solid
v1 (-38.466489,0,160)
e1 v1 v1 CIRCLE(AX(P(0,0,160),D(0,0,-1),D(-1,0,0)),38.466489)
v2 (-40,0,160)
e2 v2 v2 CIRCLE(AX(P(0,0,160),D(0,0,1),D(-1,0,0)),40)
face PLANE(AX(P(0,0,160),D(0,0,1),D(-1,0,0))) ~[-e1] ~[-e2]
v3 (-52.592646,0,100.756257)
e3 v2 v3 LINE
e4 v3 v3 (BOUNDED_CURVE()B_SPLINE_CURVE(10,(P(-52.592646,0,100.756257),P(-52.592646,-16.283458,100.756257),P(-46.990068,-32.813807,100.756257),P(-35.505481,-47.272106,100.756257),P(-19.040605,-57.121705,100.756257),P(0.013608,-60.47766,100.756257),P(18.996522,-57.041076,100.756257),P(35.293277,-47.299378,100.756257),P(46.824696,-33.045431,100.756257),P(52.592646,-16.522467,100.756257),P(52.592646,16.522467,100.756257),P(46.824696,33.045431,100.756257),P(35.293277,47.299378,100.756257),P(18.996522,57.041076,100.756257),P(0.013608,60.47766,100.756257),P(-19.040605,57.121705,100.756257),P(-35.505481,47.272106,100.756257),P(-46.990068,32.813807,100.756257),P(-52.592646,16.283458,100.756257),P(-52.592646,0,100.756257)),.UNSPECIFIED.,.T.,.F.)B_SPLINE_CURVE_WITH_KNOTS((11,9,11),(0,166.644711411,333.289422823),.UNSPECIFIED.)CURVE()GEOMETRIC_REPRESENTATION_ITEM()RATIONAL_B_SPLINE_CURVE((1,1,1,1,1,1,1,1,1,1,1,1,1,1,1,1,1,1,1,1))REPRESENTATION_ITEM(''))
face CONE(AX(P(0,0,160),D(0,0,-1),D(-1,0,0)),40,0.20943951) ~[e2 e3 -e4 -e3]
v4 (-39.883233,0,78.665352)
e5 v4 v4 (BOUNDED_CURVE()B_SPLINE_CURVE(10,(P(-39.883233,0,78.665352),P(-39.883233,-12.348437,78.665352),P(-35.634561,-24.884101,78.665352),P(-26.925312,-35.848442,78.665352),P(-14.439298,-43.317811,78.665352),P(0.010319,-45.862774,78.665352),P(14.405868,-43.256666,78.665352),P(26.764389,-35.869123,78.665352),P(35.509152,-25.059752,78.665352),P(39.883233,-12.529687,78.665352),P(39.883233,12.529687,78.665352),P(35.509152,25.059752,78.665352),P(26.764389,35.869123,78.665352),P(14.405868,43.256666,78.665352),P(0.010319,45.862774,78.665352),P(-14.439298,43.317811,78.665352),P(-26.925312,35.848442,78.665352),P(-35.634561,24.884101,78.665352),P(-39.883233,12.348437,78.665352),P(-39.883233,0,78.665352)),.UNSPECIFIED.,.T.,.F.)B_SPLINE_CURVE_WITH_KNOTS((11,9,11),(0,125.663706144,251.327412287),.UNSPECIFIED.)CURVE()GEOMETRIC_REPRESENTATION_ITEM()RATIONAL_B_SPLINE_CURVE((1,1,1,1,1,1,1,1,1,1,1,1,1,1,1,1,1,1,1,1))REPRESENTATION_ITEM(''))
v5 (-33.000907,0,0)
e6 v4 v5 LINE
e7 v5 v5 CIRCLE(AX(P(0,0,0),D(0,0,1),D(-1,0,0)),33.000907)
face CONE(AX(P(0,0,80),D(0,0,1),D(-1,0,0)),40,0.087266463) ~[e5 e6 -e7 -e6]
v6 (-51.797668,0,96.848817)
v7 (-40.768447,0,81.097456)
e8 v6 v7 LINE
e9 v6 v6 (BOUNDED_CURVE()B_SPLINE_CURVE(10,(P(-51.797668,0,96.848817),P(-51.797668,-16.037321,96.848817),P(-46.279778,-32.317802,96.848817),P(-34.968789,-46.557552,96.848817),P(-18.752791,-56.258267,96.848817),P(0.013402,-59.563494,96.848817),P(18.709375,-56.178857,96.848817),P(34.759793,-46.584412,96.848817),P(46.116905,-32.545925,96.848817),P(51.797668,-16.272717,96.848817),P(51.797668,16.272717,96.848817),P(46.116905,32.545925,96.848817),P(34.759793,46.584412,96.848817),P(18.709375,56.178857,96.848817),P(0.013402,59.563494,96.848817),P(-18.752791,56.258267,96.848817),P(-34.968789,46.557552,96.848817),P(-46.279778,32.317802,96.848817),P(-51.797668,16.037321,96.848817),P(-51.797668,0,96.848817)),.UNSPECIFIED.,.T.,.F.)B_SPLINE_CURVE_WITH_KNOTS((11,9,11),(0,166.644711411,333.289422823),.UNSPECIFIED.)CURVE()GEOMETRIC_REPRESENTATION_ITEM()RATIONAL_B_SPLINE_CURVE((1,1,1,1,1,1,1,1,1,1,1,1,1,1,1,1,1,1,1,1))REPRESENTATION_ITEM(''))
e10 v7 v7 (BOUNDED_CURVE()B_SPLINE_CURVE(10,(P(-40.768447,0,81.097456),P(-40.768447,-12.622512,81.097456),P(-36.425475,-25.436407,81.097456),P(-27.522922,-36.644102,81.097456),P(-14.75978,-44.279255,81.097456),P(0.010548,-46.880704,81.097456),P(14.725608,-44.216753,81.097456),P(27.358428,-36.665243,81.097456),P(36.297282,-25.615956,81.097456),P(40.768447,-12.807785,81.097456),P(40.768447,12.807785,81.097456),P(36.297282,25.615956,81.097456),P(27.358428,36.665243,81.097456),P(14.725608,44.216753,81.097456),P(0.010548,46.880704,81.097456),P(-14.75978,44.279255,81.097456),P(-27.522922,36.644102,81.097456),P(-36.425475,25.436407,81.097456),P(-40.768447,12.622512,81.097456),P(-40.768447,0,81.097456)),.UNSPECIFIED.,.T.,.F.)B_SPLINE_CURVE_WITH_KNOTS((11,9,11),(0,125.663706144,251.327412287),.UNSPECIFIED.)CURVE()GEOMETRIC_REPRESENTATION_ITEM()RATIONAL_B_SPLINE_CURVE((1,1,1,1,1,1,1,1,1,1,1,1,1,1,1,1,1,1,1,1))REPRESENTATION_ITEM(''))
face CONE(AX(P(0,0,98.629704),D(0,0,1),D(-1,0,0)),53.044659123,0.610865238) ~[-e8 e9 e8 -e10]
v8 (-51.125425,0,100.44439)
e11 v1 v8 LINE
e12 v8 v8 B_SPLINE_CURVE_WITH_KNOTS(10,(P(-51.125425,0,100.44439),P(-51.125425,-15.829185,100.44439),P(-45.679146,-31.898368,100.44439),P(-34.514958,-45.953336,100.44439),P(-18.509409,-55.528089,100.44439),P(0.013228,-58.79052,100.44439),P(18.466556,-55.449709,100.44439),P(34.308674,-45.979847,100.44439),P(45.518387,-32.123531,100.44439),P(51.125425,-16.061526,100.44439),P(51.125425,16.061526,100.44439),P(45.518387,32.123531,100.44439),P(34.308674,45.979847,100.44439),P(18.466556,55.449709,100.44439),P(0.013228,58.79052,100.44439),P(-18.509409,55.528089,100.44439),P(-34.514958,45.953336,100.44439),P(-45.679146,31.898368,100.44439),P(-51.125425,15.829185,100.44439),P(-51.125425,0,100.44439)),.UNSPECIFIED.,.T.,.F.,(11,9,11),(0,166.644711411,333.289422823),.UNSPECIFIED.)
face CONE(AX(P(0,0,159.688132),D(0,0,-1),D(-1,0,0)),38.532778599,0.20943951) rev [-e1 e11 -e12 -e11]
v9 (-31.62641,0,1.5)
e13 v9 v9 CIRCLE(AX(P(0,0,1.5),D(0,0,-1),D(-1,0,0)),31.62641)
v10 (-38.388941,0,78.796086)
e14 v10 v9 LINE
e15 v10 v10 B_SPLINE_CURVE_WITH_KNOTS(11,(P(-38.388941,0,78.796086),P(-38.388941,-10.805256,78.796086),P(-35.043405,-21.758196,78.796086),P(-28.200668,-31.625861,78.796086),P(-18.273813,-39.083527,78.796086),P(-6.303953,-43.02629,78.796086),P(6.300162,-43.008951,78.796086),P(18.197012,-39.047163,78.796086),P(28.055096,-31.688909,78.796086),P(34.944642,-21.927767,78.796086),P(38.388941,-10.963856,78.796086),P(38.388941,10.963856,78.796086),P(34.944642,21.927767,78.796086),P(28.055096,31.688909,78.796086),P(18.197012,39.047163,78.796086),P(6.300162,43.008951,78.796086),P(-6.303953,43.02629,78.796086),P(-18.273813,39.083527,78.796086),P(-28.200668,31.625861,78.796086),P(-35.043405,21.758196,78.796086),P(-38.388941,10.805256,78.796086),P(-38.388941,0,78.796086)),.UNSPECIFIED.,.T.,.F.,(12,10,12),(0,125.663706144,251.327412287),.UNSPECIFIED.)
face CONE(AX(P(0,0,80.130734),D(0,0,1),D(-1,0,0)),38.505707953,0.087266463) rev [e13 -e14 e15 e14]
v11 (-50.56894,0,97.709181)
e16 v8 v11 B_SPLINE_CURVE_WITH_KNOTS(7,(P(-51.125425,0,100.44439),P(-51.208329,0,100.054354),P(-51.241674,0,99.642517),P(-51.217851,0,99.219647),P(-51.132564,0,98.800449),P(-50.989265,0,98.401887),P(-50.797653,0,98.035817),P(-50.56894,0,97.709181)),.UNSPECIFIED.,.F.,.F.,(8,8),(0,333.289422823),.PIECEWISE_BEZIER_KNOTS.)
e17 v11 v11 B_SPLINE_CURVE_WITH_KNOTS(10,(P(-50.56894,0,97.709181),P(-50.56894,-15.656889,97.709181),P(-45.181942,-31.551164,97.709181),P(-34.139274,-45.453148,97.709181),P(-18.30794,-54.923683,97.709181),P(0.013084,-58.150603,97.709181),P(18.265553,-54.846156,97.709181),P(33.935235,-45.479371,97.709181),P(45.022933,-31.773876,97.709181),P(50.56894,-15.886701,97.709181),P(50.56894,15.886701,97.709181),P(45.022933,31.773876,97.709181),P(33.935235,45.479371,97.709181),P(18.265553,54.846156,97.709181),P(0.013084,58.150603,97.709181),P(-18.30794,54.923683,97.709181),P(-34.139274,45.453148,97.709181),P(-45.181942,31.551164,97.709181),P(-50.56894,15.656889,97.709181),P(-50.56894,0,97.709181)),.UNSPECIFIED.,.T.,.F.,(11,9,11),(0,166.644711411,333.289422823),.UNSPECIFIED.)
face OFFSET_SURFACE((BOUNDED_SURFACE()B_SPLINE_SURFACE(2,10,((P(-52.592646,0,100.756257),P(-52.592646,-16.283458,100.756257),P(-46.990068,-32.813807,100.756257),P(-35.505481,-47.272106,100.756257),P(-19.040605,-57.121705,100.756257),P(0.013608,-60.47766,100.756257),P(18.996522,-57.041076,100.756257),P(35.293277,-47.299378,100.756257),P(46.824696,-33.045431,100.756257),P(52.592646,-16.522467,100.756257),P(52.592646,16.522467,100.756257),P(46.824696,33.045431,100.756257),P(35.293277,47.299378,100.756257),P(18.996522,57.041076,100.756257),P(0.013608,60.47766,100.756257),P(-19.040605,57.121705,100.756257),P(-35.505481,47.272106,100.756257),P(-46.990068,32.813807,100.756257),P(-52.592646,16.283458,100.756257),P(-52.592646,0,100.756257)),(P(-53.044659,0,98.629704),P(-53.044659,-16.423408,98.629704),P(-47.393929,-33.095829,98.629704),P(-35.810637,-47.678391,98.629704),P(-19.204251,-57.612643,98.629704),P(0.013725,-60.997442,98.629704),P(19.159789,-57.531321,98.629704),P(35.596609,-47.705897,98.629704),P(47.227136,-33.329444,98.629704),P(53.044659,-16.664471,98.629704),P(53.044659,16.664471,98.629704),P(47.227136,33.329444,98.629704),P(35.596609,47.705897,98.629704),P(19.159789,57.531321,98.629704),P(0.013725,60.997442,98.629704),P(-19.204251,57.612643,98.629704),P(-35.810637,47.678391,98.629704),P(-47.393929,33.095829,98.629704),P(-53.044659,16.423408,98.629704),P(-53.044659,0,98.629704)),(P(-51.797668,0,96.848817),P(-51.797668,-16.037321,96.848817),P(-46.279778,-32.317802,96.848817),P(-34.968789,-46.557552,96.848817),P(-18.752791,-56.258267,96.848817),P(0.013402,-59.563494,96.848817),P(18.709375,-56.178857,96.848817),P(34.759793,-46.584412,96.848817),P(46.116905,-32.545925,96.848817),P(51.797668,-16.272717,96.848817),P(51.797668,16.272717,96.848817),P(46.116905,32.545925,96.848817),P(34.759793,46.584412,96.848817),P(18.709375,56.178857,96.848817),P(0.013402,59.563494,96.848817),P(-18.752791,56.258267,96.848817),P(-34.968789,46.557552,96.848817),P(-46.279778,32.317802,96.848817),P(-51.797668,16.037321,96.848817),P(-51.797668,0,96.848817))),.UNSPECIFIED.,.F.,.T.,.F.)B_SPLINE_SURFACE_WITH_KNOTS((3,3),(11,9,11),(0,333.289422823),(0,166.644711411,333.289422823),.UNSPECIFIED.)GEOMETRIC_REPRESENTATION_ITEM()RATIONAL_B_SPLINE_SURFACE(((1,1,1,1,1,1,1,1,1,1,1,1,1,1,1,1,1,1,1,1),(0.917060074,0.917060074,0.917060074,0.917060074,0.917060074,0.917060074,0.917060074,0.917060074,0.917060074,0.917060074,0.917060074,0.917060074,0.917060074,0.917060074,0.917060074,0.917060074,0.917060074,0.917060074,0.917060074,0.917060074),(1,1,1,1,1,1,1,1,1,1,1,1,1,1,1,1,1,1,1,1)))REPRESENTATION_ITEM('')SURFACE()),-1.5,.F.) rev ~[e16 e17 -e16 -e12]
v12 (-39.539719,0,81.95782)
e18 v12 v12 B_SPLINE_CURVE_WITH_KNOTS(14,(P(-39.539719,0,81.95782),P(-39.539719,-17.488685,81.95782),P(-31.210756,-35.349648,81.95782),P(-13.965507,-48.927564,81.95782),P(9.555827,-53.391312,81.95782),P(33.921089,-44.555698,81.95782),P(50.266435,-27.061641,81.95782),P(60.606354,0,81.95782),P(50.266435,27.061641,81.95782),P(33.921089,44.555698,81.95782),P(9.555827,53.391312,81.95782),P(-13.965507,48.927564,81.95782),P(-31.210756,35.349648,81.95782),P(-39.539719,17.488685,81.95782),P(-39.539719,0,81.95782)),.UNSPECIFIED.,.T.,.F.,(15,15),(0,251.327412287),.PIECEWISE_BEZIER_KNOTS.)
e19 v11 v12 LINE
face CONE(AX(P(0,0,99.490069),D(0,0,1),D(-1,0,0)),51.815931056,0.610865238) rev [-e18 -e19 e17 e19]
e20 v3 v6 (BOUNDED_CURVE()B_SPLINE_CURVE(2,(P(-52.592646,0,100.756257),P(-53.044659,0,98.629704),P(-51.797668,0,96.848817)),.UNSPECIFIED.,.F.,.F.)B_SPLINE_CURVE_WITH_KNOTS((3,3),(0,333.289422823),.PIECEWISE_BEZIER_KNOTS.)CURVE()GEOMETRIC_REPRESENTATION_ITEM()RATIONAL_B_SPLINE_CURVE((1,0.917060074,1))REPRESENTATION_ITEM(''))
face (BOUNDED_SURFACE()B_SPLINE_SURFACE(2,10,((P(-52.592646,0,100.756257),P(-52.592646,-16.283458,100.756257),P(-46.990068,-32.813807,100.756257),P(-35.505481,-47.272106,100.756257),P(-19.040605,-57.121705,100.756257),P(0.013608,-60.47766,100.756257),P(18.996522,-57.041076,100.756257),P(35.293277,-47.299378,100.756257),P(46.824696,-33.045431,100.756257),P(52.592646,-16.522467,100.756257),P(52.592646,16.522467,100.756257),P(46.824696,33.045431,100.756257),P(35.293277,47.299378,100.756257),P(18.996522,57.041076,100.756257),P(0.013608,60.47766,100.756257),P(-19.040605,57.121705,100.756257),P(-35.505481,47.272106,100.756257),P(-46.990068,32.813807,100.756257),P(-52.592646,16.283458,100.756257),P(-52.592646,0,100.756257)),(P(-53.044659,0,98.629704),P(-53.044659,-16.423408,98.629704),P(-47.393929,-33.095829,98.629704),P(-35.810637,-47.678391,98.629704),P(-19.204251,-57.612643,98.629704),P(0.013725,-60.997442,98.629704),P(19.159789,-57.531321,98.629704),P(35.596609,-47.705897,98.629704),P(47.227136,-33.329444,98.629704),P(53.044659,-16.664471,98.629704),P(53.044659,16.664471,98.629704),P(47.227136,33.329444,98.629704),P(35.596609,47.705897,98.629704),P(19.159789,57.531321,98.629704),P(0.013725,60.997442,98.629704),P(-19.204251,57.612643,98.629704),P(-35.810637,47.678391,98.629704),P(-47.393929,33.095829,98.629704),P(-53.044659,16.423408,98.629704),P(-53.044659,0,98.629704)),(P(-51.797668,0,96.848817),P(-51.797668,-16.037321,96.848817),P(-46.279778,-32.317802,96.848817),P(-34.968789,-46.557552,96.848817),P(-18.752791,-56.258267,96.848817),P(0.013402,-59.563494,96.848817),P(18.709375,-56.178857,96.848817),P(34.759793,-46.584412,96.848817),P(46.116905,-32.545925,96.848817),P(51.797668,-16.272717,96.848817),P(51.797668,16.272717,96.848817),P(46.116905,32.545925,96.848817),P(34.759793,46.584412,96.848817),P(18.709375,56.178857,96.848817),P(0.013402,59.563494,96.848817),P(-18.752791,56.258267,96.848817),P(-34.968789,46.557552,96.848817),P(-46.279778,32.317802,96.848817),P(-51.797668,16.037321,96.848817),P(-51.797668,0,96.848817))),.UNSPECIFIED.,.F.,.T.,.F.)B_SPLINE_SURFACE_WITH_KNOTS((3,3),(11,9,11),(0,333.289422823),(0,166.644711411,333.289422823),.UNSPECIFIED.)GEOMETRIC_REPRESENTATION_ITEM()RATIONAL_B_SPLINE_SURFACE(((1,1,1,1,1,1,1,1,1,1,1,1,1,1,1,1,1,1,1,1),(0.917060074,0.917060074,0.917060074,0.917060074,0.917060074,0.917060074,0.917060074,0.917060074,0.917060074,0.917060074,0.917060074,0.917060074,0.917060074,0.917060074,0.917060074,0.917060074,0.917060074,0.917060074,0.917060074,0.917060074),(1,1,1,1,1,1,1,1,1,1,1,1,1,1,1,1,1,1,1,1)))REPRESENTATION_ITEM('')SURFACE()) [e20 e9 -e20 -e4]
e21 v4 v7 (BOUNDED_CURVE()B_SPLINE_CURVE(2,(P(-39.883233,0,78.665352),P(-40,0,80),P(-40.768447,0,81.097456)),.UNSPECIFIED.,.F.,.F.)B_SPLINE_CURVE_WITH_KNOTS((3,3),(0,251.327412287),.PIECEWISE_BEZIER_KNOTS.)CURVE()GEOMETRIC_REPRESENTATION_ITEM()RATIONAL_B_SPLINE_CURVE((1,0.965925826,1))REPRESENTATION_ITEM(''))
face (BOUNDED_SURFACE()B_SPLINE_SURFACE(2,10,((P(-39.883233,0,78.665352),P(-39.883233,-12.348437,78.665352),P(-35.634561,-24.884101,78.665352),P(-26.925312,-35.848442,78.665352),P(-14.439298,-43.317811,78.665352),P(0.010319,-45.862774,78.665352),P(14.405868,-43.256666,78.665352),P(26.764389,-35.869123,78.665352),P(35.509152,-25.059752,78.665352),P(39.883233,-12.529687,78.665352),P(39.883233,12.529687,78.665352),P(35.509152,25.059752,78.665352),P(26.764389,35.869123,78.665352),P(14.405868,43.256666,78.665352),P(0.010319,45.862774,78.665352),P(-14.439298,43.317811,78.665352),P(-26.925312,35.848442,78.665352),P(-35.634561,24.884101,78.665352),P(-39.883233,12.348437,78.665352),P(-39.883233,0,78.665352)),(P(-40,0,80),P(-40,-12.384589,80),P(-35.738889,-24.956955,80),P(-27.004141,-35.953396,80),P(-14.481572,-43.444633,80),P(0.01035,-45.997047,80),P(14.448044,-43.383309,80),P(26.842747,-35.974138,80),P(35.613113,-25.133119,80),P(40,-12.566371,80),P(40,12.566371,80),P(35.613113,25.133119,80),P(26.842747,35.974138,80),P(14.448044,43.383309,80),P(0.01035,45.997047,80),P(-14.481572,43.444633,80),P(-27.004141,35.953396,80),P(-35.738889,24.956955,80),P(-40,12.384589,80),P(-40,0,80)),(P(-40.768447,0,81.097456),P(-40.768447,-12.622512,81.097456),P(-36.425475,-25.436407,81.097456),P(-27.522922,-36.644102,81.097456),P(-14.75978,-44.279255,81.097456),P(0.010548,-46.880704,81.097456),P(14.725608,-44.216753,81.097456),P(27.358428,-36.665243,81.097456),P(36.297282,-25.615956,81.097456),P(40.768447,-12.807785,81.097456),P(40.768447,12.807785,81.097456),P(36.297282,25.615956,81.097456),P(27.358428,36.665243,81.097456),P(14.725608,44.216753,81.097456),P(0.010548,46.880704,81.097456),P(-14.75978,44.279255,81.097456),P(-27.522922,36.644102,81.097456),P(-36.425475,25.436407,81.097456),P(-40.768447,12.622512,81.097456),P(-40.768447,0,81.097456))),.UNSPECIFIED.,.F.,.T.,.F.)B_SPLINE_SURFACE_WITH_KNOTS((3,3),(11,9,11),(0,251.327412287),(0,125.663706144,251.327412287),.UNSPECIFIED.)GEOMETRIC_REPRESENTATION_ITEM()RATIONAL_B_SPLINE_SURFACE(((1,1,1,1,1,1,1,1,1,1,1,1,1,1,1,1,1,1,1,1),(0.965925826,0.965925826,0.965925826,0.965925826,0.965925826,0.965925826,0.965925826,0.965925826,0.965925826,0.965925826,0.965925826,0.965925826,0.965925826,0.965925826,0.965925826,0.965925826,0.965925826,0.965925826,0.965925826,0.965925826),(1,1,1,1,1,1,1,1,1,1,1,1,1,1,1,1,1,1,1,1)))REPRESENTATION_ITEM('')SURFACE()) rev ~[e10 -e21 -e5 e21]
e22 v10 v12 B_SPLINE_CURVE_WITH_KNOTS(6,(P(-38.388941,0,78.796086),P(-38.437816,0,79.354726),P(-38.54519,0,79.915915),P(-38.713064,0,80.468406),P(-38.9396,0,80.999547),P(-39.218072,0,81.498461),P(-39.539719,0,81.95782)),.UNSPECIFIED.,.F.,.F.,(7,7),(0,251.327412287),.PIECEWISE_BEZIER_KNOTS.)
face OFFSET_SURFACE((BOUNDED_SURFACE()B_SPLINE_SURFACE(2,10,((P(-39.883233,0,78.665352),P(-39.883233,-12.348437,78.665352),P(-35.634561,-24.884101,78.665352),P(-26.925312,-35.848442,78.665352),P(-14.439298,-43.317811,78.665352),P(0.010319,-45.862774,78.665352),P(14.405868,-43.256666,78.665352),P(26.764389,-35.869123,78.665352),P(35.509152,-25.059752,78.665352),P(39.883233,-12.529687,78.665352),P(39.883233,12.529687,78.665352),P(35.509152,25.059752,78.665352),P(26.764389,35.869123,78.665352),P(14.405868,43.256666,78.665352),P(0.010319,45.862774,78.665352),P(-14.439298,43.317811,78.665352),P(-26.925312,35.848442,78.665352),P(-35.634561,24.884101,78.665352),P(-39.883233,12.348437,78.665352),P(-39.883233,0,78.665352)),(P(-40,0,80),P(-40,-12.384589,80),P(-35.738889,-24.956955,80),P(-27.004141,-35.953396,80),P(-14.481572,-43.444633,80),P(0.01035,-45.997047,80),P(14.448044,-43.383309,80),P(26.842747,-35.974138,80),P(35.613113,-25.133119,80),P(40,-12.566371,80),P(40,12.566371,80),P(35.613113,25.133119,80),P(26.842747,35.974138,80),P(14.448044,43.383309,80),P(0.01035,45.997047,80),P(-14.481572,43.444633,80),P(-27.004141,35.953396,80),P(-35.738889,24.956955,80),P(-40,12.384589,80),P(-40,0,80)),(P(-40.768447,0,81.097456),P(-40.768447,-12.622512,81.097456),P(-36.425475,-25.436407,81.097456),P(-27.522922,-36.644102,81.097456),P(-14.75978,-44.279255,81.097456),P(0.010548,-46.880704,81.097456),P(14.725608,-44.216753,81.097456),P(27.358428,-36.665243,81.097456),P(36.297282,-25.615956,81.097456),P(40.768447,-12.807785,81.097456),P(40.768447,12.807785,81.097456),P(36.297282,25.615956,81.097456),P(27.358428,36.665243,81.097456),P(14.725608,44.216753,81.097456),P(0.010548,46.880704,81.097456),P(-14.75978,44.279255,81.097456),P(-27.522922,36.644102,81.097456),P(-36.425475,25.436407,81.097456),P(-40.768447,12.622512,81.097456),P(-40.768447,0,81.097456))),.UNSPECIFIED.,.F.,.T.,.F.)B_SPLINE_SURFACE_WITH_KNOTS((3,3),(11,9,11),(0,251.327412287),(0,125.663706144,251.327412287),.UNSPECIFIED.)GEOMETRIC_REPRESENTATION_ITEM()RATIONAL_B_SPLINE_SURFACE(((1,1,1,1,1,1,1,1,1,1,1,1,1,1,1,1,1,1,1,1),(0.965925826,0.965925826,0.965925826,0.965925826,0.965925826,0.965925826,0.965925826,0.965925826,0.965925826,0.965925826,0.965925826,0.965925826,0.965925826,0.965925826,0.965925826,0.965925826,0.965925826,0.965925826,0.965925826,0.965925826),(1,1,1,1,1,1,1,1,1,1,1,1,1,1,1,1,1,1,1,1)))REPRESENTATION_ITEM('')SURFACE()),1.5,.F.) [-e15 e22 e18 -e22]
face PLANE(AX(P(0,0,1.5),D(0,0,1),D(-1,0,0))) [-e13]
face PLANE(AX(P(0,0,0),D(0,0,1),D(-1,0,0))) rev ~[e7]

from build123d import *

# Parameters (mm, degrees)
F2_R = 5
F3_T = -1.5


with BuildPart() as f1:
    # F0 (on Front) → F1 (revolve)
    with BuildSketch(Plane.XZ):
        Polygon((-40, 80), (-33.0009069179, 0), (0, 0), (0, 160), (-40, 160), (-53.0446591225, 98.6297039244), align=None)
    revolve(axis=Axis((0, 0, 80), (0, 0, 1)))

    # F2
    f2_edges = [f1.edges().sort_by_distance(p)[0] for p in [
        (53.044659, 0, 98.629704),
        (40, 0, 80),
    ]]
    fillet(f2_edges, radius=F2_R)

    # F3
    f3_openings = [f1.faces().sort_by_distance(p)[0] for p in [
        (0, 0, 160),
    ]]
    offset(amount=F3_T, openings=f3_openings)


solid = f1.part
